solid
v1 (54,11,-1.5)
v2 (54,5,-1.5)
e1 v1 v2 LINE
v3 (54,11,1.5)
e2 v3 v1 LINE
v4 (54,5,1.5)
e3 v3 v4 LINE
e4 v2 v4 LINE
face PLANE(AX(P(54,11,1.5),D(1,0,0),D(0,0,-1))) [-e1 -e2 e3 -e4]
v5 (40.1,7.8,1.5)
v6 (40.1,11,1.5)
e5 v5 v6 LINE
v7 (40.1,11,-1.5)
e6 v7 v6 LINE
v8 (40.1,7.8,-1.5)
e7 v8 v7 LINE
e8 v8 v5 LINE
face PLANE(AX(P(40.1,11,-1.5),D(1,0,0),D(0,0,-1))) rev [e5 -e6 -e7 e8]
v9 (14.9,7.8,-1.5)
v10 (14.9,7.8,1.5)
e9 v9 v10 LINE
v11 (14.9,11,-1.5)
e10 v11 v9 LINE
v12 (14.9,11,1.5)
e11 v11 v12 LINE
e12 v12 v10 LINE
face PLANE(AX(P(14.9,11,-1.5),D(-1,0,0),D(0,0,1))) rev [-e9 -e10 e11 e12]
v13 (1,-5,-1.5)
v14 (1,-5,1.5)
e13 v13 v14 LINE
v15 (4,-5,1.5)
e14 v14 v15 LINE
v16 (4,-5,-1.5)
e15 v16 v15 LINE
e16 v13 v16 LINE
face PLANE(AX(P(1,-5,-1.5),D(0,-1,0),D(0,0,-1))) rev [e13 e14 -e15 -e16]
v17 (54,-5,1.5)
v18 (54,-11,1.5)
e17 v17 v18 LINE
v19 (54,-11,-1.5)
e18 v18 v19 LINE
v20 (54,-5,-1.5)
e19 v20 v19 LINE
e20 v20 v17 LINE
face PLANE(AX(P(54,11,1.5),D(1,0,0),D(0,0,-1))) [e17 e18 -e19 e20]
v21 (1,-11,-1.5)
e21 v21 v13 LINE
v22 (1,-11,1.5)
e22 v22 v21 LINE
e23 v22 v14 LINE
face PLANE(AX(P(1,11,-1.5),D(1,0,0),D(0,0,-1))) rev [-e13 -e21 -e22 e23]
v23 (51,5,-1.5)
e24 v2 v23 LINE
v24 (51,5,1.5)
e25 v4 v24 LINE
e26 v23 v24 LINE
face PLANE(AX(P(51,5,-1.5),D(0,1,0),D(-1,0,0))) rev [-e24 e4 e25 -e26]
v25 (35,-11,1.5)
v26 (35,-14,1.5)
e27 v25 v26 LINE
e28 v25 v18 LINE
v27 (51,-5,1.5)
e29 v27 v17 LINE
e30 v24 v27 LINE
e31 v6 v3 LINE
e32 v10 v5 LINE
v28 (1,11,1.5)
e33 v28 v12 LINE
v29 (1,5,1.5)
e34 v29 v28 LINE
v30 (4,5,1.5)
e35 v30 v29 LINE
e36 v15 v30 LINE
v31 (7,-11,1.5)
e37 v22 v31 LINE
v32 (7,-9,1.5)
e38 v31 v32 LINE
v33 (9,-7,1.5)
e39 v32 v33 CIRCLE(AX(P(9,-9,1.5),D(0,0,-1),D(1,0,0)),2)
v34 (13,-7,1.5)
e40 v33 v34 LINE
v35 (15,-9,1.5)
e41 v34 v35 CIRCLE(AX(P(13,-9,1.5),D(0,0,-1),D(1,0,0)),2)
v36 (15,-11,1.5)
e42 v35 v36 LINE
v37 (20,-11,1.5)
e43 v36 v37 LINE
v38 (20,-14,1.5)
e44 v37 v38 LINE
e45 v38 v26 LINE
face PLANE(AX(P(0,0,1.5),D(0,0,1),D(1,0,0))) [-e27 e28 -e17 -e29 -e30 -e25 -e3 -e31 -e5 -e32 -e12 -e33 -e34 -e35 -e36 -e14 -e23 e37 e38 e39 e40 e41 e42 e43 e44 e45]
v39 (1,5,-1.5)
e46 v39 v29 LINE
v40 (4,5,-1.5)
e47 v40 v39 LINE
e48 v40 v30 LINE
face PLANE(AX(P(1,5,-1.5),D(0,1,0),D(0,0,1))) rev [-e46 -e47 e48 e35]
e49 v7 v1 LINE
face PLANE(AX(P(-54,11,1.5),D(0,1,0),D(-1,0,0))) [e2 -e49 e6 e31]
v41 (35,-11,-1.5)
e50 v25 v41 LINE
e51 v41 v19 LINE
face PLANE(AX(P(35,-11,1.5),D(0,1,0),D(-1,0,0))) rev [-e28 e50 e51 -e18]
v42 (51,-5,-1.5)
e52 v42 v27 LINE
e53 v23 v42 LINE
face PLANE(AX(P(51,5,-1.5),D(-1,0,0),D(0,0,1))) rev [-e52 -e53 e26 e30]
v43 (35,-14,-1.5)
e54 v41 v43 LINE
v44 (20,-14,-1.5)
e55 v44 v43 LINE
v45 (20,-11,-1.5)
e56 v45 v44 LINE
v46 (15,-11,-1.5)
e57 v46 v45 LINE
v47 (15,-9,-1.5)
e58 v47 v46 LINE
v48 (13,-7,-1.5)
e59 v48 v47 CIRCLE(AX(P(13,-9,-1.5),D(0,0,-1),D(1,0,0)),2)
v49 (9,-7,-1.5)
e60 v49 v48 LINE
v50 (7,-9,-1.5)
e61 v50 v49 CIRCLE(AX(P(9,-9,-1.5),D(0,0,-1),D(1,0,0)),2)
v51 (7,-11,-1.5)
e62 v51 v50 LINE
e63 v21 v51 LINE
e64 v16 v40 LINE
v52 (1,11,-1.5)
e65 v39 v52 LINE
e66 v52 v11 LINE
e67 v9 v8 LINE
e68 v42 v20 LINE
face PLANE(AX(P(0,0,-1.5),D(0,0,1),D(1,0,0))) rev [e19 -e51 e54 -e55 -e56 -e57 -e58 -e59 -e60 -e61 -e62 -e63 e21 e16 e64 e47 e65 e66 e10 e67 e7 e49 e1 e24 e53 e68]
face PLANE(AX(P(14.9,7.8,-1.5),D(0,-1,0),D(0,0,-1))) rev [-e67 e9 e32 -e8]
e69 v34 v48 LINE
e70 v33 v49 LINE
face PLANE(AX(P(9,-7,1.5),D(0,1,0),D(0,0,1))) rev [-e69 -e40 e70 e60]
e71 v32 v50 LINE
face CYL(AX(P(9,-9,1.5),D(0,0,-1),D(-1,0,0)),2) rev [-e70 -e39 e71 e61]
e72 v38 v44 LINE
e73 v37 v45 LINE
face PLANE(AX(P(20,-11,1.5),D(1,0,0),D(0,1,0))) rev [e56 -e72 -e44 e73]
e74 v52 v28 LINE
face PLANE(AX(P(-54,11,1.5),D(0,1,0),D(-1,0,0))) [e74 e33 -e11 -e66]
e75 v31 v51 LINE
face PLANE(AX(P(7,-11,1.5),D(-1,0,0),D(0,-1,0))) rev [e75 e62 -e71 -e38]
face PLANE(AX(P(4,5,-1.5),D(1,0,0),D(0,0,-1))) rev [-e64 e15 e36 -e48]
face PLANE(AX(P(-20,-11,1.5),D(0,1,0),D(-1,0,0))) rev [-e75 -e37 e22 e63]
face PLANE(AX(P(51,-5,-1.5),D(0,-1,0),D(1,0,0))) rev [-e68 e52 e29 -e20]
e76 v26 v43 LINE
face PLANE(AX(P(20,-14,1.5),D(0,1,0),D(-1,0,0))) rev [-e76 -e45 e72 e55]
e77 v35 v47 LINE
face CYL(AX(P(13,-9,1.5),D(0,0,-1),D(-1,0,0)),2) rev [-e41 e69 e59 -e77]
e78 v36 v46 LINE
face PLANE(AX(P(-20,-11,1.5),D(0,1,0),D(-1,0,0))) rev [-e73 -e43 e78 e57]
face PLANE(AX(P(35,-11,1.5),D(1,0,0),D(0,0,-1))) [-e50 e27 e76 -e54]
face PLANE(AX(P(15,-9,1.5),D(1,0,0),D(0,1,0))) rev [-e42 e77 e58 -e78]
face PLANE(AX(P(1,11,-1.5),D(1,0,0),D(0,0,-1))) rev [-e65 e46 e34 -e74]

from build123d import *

# Parameters (mm, degrees)
BOSS_EXTRUDE1_DEPTH = 1.5
SKETCH2_W           = 3
SKETCH2_H           = 10
CUT_EXTRUDE1_DEPTH  = 56.865910894
SKETCH3_W           = 55
SKETCH3_H           = 25
CUT_EXTRUDE2_DEPTH  = 56.865910894
CUT_EXTRUDE3_DEPTH  = 56.865910894
SKETCH7_W           = 25.2
SKETCH7_H           = 3.2
CUT_EXTRUDE6_DEPTH  = 56.865910894


with BuildPart() as part:
    # Sketch1 → Boss-Extrude1 (new, symmetric)
    with BuildSketch(Plane.XY):
        Polygon((-20, -11), (20, -11), (20, -14), (35, -14), (35, -11), (54, -11), (54, 11), (-54, 11), (-54, -11), (-35, -11), (-35, -14), (-20, -14), align=None)
    extrude(amount=BOSS_EXTRUDE1_DEPTH, both=True)

    # Sketch2 → Cut-Extrude1 (cut, through all)
    with BuildSketch(Plane.XY.offset(1.5)):
        with Locations((2.5, 0)):
            Rectangle(SKETCH2_W, SKETCH2_H)
        with Locations((52.5, 0)):
            Rectangle(SKETCH2_W, SKETCH2_H)
    extrude(amount=-CUT_EXTRUDE1_DEPTH, mode=Mode.SUBTRACT)

    # Sketch3 → Cut-Extrude2 (cut, through all)
    with BuildSketch(Plane.XY.offset(1.5)):
        with Locations((-26.5, -1.5)):
            Rectangle(SKETCH3_W, SKETCH3_H)
    extrude(amount=-CUT_EXTRUDE2_DEPTH, mode=Mode.SUBTRACT)

    # Sketch4 → Cut-Extrude3 (cut, through all)
    with BuildSketch(Plane(origin=(0, 0, -1.5), x_dir=(-1, 0, 0), z_dir=(0, 0, -1))):
        with BuildLine():
            Line((-7, -11), (-7, -9))
            ThreePointArc((-7, -9), (-7.585786438, -7.585786438), (-9, -7))
            Line((-9, -7), (-13, -7))
            ThreePointArc((-13, -7), (-14.414213562, -7.585786438), (-15, -9))
            Line((-15, -9), (-15, -11))
            Line((-15, -11), (-7, -11))
        make_face()
    extrude(amount=-CUT_EXTRUDE3_DEPTH, mode=Mode.SUBTRACT)

    # Sketch7 → Cut-Extrude6 (cut, through all)
    with BuildSketch(Plane.XY.offset(1.5)):
        with Locations((27.5, 9.4)):
            Rectangle(SKETCH7_W, SKETCH7_H)
    extrude(amount=-CUT_EXTRUDE6_DEPTH, mode=Mode.SUBTRACT)


solid = part.part
